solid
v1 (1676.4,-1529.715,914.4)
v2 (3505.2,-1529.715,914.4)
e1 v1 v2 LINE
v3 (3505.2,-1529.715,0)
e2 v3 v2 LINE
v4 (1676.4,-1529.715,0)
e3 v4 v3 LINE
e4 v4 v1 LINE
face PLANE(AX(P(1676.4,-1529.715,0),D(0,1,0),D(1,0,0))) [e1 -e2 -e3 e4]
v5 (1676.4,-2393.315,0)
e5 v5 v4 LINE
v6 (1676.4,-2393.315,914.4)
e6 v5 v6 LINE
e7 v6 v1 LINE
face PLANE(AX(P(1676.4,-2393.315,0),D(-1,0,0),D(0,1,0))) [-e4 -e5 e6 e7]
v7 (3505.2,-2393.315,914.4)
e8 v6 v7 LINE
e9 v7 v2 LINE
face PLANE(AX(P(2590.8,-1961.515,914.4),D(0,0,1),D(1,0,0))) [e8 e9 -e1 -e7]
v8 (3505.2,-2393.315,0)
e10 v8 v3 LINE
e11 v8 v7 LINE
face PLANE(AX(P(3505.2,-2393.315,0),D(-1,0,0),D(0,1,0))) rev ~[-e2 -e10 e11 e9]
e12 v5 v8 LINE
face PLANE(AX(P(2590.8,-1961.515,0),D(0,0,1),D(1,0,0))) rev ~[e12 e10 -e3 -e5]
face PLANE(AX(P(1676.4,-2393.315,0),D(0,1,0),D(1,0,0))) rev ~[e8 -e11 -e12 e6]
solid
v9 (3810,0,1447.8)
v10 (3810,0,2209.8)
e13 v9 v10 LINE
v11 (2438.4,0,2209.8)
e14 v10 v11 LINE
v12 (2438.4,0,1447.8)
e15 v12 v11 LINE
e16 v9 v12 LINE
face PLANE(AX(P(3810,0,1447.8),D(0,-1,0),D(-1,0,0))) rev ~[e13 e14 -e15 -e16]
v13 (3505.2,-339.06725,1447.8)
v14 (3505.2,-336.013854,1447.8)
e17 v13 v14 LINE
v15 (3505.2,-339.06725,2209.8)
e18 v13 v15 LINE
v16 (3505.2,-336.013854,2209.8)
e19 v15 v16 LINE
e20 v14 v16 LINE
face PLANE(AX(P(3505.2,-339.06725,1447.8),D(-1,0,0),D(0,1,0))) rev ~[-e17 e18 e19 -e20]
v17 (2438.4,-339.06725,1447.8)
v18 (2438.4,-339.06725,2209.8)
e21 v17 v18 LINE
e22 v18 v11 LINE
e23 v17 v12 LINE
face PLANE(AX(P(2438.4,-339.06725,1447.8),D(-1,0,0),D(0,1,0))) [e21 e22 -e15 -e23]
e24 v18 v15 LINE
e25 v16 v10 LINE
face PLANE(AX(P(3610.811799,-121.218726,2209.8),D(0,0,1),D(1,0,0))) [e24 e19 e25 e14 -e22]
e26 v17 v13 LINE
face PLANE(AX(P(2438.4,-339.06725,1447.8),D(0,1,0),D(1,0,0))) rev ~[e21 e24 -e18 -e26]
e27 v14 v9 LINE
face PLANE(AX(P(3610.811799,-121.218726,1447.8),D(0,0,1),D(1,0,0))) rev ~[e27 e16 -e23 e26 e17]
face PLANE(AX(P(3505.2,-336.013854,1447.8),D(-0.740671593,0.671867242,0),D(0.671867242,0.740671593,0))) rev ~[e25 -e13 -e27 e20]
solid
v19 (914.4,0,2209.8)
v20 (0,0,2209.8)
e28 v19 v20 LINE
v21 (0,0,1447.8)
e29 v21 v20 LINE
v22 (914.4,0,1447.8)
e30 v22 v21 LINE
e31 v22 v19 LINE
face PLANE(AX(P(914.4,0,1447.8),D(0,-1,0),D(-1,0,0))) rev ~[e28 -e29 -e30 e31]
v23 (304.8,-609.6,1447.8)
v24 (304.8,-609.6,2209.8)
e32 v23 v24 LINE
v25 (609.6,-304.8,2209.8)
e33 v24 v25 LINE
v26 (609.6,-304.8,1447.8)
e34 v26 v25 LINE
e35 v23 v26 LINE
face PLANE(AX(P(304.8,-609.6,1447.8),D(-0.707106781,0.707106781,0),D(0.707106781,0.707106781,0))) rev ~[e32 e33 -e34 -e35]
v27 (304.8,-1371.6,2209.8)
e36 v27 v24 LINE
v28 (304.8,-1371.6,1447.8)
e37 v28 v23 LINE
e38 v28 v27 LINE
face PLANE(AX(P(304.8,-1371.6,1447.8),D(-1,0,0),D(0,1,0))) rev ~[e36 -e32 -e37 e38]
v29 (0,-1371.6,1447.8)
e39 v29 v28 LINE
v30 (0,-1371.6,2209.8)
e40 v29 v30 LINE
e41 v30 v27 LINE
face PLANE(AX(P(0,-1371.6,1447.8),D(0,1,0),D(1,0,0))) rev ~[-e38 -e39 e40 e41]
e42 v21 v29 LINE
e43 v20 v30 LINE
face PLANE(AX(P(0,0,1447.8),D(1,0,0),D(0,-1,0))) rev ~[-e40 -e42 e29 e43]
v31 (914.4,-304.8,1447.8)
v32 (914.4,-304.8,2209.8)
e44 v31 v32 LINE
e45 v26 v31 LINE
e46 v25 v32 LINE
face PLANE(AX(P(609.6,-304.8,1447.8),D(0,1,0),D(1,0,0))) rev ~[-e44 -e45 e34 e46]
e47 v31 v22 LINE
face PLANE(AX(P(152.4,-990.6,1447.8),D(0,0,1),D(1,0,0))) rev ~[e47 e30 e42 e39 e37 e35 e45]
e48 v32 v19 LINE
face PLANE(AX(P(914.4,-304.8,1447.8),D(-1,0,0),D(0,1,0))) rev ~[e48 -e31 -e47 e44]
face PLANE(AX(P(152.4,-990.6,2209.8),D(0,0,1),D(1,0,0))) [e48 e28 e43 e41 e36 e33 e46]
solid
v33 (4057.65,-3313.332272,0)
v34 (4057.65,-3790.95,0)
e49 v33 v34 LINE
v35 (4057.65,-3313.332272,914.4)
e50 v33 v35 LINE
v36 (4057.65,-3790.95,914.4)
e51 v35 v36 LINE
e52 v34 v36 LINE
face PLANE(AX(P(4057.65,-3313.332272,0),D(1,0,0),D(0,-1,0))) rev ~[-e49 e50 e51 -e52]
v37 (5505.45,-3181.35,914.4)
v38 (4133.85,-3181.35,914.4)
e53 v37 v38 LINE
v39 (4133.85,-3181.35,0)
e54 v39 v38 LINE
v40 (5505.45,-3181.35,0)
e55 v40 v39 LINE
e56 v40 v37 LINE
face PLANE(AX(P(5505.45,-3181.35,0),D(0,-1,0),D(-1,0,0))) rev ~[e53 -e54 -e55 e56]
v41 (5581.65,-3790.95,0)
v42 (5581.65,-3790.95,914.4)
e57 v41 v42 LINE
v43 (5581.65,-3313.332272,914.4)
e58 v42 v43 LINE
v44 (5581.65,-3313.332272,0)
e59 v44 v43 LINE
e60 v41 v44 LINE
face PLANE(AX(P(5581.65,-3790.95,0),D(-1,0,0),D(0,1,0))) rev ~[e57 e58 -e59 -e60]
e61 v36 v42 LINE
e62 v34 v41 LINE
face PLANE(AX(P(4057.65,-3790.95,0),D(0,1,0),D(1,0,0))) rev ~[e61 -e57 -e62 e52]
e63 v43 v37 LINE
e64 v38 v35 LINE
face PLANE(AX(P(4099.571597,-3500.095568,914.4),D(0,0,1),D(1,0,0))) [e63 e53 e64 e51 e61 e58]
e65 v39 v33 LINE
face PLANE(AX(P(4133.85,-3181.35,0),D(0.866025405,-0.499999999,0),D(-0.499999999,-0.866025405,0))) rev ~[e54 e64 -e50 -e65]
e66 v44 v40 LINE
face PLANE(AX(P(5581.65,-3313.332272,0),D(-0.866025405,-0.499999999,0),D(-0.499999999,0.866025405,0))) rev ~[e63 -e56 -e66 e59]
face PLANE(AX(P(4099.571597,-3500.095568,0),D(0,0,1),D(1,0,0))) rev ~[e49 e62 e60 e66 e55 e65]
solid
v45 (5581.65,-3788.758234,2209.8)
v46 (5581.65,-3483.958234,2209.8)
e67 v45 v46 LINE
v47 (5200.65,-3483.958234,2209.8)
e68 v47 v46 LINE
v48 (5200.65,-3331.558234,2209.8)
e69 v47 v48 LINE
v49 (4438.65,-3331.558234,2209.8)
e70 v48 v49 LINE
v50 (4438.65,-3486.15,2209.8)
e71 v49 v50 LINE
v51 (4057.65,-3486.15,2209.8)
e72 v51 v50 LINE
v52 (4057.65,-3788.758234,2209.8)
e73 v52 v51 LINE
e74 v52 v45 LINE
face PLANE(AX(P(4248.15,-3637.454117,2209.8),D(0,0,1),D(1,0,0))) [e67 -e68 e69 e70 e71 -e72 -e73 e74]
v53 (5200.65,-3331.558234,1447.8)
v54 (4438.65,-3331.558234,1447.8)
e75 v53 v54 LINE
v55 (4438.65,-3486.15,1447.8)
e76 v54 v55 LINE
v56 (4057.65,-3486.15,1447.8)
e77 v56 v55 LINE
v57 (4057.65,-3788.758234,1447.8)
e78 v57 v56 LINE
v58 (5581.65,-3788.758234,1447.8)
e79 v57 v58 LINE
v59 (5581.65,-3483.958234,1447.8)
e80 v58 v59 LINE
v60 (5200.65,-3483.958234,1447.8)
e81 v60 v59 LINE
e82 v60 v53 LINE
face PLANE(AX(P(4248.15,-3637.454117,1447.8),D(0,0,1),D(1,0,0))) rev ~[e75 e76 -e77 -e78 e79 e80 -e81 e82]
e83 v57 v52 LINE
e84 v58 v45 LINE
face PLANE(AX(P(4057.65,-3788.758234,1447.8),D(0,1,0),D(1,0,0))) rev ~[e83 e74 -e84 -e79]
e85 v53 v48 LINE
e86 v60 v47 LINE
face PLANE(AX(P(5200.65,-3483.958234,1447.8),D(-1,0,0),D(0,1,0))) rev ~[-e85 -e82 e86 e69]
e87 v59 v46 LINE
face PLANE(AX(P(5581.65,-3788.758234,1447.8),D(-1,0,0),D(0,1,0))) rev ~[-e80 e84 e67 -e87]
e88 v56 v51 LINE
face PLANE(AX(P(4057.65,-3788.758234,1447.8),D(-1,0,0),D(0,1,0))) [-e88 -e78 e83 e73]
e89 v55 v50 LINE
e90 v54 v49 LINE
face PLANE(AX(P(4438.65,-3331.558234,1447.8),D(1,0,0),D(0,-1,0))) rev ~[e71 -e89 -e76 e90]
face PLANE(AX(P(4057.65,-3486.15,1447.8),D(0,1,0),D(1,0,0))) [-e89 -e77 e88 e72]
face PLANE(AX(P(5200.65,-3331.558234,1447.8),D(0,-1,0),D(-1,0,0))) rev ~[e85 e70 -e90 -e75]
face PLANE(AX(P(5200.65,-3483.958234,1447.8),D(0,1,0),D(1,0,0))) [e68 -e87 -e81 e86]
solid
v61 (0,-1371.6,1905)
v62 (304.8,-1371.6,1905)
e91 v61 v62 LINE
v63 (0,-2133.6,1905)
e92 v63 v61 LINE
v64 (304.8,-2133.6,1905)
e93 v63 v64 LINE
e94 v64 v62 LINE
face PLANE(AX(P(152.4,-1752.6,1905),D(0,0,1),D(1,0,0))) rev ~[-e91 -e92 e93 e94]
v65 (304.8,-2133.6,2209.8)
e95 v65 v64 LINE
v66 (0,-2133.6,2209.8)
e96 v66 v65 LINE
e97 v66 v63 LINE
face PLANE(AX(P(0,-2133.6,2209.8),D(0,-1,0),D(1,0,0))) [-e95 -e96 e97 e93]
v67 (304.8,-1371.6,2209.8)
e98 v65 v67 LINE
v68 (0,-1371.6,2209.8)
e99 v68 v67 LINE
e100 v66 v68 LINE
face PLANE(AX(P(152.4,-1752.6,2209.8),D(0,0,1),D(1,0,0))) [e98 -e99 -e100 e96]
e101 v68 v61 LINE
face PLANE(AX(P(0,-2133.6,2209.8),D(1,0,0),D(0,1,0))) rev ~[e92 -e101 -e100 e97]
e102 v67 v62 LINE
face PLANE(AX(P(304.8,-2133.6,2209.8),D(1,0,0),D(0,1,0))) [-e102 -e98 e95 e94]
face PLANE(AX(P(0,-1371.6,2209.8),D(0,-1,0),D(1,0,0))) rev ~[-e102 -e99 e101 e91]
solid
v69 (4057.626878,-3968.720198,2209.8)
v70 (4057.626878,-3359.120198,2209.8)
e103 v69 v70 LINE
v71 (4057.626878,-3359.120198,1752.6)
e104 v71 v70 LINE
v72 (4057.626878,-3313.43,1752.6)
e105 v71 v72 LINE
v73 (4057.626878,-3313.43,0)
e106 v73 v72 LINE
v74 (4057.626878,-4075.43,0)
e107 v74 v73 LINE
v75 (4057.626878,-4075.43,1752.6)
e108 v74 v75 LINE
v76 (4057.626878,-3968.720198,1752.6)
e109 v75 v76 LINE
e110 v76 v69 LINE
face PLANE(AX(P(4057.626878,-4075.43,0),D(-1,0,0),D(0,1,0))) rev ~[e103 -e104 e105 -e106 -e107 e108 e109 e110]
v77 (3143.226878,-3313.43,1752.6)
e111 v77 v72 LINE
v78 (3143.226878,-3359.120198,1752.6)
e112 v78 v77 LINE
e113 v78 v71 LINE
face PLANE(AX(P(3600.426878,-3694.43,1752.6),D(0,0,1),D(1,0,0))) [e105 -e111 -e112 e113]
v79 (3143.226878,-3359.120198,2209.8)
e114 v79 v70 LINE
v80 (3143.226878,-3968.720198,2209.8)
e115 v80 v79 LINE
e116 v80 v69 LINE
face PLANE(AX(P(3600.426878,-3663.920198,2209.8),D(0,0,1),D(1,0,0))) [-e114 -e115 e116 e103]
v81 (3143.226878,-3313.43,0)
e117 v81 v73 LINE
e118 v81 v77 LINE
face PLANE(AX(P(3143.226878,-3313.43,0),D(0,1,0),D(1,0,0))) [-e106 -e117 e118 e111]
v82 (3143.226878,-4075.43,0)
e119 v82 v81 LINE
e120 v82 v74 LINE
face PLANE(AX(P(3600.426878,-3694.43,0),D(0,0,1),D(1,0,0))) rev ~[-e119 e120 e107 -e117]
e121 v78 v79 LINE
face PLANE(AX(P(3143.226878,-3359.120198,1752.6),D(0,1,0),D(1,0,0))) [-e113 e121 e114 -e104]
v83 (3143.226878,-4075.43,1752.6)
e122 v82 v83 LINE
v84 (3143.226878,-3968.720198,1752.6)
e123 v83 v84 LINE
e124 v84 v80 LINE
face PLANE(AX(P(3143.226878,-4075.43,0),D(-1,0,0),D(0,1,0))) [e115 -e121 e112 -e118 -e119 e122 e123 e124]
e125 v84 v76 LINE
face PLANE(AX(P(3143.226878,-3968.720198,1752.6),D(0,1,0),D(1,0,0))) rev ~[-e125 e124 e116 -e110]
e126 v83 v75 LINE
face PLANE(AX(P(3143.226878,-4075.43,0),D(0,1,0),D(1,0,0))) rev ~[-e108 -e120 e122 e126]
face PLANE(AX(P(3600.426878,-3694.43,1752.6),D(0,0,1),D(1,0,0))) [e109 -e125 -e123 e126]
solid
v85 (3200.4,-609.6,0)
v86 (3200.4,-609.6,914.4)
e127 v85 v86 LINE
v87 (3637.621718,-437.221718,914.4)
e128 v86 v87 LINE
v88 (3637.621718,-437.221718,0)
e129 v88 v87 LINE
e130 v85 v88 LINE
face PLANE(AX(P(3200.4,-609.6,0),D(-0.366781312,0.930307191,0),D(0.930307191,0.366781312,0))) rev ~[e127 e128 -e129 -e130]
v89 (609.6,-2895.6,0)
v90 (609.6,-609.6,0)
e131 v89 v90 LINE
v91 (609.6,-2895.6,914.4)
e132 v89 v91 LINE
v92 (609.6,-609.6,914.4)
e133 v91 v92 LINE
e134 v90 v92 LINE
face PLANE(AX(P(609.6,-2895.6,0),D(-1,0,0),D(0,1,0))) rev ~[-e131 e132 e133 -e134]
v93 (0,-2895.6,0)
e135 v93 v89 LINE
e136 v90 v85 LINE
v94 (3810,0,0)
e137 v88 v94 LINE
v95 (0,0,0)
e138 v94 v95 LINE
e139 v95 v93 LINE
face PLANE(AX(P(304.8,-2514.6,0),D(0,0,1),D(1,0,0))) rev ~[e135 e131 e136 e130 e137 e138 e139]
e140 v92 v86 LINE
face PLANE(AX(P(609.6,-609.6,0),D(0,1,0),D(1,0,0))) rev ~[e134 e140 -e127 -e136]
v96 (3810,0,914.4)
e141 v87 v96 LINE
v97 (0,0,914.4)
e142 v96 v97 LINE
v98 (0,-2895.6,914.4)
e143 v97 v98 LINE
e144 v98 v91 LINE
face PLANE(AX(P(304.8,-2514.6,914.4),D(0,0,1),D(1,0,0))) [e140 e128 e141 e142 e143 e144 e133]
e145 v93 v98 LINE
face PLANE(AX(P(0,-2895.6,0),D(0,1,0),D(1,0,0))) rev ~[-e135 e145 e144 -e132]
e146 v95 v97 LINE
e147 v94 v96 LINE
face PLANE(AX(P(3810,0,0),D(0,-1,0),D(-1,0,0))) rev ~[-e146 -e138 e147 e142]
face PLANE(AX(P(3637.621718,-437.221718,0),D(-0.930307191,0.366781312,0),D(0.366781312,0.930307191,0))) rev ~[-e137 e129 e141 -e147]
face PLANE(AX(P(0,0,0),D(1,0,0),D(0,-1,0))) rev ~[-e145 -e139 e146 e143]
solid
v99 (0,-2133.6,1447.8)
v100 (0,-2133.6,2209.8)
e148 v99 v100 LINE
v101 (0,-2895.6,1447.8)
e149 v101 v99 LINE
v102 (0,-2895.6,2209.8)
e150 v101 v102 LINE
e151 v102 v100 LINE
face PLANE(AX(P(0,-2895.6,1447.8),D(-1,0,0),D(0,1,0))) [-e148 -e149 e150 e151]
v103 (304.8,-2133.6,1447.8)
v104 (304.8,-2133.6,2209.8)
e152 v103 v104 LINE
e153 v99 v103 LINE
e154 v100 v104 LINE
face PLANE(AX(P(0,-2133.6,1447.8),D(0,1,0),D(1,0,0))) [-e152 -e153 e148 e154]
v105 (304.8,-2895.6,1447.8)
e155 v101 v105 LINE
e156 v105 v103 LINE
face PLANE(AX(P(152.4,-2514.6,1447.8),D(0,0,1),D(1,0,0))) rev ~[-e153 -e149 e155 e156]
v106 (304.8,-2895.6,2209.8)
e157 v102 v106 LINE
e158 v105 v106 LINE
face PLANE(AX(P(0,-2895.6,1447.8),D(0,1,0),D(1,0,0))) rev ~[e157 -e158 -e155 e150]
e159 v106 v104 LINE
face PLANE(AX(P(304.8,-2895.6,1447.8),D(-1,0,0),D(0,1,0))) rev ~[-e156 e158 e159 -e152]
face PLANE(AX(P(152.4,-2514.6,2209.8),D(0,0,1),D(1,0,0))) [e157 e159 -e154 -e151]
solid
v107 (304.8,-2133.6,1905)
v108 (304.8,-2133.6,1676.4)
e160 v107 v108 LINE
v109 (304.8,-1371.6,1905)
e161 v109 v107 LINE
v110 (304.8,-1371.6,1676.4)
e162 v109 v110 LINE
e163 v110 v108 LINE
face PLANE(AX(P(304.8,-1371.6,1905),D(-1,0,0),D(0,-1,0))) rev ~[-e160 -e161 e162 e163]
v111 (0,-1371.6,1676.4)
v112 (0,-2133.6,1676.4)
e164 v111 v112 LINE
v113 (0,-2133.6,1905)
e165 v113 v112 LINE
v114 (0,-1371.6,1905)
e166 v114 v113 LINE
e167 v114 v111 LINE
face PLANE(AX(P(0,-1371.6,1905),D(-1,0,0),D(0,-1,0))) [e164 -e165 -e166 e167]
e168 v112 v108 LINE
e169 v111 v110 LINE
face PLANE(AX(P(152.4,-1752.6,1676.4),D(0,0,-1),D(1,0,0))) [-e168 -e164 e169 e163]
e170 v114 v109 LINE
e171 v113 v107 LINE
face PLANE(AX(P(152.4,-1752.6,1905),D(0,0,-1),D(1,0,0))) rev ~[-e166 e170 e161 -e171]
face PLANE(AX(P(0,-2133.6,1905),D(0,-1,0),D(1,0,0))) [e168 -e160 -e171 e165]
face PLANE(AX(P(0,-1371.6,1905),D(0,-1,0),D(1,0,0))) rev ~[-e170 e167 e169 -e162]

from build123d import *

# Parameters (mm, degrees)
F3_W      = 609.6
F3_H      = 762
F3_H_2    = 457.2
F3_W_2    = 304.8
F3_H_3    = 609.6
F3_W_3    = 914.4
F3_W_4    = 457.2
F8_DEPTH  = 914.4
F4_W      = 304.8
F4_H      = 762
F4_H_2    = 304.8
F4_H_3    = 339.06725
F9_DEPTH  = 762
F5_W      = 685.8
F5_H      = 609.6
F10_DEPTH = 914.4
F6_W      = 381
F6_H      = 302.608234
F6_H_2    = 304.8
F11_DEPTH = 762
F7_W      = 914.4
F7_H      = 762
F12_DEPTH = 1752.6
F13_W     = 914.4
F13_H     = 609.6
F15_DEPTH = 457.2
F14_W     = 304.8
F14_H     = 762
F16_DEPTH = 304.8
F17_W     = 304.8
F17_H     = 762
F18_DEPTH = 228.6
F20_W     = 1828.8
F20_H     = 863.6
F21_DEPTH = 914.4


with BuildPart() as f8:
    # F3 (on Top) → F8 (new body)
    with BuildSketch(Plane.XY):
        with Locations((304.8, -2514.6)):
            Rectangle(F3_W, F3_H)
        with Locations((304.8, -1752.6)):
            Rectangle(F3_W, F3_H)
        with Locations((304.8, -1143)):
            Rectangle(F3_W, F3_H_2)
        Polygon((0, 0), (0, -914.4), (609.6, -914.4), (609.6, -609.6), (914.4, -609.6), (914.4, 0), align=None)
        with Locations((1066.8, -304.8)):
            Rectangle(F3_W_2, F3_H_3)
        with Locations((1676.4, -304.8)):
            Rectangle(F3_W_3, F3_H_3)
        with Locations((2438.4, -304.8)):
            Rectangle(F3_W, F3_H_3)
        with Locations((2971.8, -304.8)):
            Rectangle(F3_W_4, F3_H_3)
        Polygon((3810, 0), (3200.4, 0), (3200.4, -609.6), (3637.621718, -437.221718), align=None)
    extrude(amount=F8_DEPTH)


with BuildPart() as f9:
    # F4 (on offset) → F9 (new body)
    with BuildSketch(Plane.XY.offset(1447.8)):
        with Locations((152.4, -2514.6)):
            Rectangle(F4_W, F4_H)
        with Locations((152.4, -990.6)):
            Rectangle(F4_W, F4_H)
        with Locations((762, -152.4)):
            Rectangle(F4_W, F4_H_2)
        Polygon((0, 0), (0, -609.6), (304.8, -609.6), (609.6, -304.8), (609.6, 0), align=None)
        Polygon((3505.2, -336.013854), (3810, 0), (3505.2, 0), align=None)
        with Locations((2590.8, -169.533625)):
            Rectangle(F4_W, F4_H_3)
        Polygon((3505.2, -339.06725), (3505.2, -336.013854), (3505.2, 0), (2743.2, 0), (2743.2, -339.06725), align=None)
    extrude(amount=F9_DEPTH)


with BuildPart() as f10:
    # F5 (on Top) → F10 (new body)
    with BuildSketch(Plane.XY):
        Polygon((4133.85, -3181.35), (4057.65, -3313.332272), (4057.65, -3790.95), (4133.85, -3790.95), align=None)
        with Locations((4476.75, -3486.15)):
            Rectangle(F5_W, F5_H)
        with Locations((5162.55, -3486.15)):
            Rectangle(F5_W, F5_H)
        Polygon((5581.65, -3313.332272), (5505.45, -3181.35), (5505.45, -3790.95), (5581.65, -3790.95), align=None)
    extrude(amount=F10_DEPTH)


with BuildPart() as f11:
    # F6 (on offset) → F11 (new body)
    with BuildSketch(Plane.XY.offset(1447.8)):
        with Locations((4248.15, -3637.454117)):
            Rectangle(F6_W, F6_H)
        Polygon((4438.65, -3486.15), (4438.65, -3788.758234), (5200.65, -3788.758234), (5200.65, -3483.958234), (5200.65, -3331.558234), (4438.65, -3331.558234), align=None)
        with Locations((5391.15, -3636.358234)):
            Rectangle(F6_W, F6_H_2)
    extrude(amount=F11_DEPTH)


with BuildPart() as f12:
    # F7 (on Top) → F12 (new body)
    with BuildSketch(Plane.XY):
        with Locations((3600.426878, -3694.43)):
            Rectangle(F7_W, F7_H)
    extrude(amount=F12_DEPTH)

    # F13 (on face) → F15 (join)
    with BuildSketch(Plane.XY.offset(1752.6)):
        with Locations((3600.426878, -3663.920198)):
            Rectangle(F13_W, F13_H)
    extrude(amount=F15_DEPTH)


with BuildPart() as f16:
    # F14 (on face) → F16 (new body)
    with BuildSketch(Plane.XY.offset(2209.8)):
        with Locations((152.4, -1752.6)):
            Rectangle(F14_W, F14_H)
    extrude(amount=-F16_DEPTH)


with BuildPart() as f18:
    # F17 (on face) → F18 (new body)
    with BuildSketch(Plane(origin=(0, 0, 1905), x_dir=(1, 0, 0), z_dir=(0, 0, -1))):
        with Locations((152.4, 1752.6)):
            Rectangle(F17_W, F17_H)
    extrude(amount=F18_DEPTH)


with BuildPart() as f21:
    # F20 (on Top) → F21 (new body)
    with BuildSketch(Plane.XY):
        with Locations((2590.8, -1961.515)):
            Rectangle(F20_W, F20_H)
    extrude(amount=F21_DEPTH)


solid = Compound([f8.part, f9.part, f10.part, f11.part, f12.part, f16.part, f18.part, f21.part])
